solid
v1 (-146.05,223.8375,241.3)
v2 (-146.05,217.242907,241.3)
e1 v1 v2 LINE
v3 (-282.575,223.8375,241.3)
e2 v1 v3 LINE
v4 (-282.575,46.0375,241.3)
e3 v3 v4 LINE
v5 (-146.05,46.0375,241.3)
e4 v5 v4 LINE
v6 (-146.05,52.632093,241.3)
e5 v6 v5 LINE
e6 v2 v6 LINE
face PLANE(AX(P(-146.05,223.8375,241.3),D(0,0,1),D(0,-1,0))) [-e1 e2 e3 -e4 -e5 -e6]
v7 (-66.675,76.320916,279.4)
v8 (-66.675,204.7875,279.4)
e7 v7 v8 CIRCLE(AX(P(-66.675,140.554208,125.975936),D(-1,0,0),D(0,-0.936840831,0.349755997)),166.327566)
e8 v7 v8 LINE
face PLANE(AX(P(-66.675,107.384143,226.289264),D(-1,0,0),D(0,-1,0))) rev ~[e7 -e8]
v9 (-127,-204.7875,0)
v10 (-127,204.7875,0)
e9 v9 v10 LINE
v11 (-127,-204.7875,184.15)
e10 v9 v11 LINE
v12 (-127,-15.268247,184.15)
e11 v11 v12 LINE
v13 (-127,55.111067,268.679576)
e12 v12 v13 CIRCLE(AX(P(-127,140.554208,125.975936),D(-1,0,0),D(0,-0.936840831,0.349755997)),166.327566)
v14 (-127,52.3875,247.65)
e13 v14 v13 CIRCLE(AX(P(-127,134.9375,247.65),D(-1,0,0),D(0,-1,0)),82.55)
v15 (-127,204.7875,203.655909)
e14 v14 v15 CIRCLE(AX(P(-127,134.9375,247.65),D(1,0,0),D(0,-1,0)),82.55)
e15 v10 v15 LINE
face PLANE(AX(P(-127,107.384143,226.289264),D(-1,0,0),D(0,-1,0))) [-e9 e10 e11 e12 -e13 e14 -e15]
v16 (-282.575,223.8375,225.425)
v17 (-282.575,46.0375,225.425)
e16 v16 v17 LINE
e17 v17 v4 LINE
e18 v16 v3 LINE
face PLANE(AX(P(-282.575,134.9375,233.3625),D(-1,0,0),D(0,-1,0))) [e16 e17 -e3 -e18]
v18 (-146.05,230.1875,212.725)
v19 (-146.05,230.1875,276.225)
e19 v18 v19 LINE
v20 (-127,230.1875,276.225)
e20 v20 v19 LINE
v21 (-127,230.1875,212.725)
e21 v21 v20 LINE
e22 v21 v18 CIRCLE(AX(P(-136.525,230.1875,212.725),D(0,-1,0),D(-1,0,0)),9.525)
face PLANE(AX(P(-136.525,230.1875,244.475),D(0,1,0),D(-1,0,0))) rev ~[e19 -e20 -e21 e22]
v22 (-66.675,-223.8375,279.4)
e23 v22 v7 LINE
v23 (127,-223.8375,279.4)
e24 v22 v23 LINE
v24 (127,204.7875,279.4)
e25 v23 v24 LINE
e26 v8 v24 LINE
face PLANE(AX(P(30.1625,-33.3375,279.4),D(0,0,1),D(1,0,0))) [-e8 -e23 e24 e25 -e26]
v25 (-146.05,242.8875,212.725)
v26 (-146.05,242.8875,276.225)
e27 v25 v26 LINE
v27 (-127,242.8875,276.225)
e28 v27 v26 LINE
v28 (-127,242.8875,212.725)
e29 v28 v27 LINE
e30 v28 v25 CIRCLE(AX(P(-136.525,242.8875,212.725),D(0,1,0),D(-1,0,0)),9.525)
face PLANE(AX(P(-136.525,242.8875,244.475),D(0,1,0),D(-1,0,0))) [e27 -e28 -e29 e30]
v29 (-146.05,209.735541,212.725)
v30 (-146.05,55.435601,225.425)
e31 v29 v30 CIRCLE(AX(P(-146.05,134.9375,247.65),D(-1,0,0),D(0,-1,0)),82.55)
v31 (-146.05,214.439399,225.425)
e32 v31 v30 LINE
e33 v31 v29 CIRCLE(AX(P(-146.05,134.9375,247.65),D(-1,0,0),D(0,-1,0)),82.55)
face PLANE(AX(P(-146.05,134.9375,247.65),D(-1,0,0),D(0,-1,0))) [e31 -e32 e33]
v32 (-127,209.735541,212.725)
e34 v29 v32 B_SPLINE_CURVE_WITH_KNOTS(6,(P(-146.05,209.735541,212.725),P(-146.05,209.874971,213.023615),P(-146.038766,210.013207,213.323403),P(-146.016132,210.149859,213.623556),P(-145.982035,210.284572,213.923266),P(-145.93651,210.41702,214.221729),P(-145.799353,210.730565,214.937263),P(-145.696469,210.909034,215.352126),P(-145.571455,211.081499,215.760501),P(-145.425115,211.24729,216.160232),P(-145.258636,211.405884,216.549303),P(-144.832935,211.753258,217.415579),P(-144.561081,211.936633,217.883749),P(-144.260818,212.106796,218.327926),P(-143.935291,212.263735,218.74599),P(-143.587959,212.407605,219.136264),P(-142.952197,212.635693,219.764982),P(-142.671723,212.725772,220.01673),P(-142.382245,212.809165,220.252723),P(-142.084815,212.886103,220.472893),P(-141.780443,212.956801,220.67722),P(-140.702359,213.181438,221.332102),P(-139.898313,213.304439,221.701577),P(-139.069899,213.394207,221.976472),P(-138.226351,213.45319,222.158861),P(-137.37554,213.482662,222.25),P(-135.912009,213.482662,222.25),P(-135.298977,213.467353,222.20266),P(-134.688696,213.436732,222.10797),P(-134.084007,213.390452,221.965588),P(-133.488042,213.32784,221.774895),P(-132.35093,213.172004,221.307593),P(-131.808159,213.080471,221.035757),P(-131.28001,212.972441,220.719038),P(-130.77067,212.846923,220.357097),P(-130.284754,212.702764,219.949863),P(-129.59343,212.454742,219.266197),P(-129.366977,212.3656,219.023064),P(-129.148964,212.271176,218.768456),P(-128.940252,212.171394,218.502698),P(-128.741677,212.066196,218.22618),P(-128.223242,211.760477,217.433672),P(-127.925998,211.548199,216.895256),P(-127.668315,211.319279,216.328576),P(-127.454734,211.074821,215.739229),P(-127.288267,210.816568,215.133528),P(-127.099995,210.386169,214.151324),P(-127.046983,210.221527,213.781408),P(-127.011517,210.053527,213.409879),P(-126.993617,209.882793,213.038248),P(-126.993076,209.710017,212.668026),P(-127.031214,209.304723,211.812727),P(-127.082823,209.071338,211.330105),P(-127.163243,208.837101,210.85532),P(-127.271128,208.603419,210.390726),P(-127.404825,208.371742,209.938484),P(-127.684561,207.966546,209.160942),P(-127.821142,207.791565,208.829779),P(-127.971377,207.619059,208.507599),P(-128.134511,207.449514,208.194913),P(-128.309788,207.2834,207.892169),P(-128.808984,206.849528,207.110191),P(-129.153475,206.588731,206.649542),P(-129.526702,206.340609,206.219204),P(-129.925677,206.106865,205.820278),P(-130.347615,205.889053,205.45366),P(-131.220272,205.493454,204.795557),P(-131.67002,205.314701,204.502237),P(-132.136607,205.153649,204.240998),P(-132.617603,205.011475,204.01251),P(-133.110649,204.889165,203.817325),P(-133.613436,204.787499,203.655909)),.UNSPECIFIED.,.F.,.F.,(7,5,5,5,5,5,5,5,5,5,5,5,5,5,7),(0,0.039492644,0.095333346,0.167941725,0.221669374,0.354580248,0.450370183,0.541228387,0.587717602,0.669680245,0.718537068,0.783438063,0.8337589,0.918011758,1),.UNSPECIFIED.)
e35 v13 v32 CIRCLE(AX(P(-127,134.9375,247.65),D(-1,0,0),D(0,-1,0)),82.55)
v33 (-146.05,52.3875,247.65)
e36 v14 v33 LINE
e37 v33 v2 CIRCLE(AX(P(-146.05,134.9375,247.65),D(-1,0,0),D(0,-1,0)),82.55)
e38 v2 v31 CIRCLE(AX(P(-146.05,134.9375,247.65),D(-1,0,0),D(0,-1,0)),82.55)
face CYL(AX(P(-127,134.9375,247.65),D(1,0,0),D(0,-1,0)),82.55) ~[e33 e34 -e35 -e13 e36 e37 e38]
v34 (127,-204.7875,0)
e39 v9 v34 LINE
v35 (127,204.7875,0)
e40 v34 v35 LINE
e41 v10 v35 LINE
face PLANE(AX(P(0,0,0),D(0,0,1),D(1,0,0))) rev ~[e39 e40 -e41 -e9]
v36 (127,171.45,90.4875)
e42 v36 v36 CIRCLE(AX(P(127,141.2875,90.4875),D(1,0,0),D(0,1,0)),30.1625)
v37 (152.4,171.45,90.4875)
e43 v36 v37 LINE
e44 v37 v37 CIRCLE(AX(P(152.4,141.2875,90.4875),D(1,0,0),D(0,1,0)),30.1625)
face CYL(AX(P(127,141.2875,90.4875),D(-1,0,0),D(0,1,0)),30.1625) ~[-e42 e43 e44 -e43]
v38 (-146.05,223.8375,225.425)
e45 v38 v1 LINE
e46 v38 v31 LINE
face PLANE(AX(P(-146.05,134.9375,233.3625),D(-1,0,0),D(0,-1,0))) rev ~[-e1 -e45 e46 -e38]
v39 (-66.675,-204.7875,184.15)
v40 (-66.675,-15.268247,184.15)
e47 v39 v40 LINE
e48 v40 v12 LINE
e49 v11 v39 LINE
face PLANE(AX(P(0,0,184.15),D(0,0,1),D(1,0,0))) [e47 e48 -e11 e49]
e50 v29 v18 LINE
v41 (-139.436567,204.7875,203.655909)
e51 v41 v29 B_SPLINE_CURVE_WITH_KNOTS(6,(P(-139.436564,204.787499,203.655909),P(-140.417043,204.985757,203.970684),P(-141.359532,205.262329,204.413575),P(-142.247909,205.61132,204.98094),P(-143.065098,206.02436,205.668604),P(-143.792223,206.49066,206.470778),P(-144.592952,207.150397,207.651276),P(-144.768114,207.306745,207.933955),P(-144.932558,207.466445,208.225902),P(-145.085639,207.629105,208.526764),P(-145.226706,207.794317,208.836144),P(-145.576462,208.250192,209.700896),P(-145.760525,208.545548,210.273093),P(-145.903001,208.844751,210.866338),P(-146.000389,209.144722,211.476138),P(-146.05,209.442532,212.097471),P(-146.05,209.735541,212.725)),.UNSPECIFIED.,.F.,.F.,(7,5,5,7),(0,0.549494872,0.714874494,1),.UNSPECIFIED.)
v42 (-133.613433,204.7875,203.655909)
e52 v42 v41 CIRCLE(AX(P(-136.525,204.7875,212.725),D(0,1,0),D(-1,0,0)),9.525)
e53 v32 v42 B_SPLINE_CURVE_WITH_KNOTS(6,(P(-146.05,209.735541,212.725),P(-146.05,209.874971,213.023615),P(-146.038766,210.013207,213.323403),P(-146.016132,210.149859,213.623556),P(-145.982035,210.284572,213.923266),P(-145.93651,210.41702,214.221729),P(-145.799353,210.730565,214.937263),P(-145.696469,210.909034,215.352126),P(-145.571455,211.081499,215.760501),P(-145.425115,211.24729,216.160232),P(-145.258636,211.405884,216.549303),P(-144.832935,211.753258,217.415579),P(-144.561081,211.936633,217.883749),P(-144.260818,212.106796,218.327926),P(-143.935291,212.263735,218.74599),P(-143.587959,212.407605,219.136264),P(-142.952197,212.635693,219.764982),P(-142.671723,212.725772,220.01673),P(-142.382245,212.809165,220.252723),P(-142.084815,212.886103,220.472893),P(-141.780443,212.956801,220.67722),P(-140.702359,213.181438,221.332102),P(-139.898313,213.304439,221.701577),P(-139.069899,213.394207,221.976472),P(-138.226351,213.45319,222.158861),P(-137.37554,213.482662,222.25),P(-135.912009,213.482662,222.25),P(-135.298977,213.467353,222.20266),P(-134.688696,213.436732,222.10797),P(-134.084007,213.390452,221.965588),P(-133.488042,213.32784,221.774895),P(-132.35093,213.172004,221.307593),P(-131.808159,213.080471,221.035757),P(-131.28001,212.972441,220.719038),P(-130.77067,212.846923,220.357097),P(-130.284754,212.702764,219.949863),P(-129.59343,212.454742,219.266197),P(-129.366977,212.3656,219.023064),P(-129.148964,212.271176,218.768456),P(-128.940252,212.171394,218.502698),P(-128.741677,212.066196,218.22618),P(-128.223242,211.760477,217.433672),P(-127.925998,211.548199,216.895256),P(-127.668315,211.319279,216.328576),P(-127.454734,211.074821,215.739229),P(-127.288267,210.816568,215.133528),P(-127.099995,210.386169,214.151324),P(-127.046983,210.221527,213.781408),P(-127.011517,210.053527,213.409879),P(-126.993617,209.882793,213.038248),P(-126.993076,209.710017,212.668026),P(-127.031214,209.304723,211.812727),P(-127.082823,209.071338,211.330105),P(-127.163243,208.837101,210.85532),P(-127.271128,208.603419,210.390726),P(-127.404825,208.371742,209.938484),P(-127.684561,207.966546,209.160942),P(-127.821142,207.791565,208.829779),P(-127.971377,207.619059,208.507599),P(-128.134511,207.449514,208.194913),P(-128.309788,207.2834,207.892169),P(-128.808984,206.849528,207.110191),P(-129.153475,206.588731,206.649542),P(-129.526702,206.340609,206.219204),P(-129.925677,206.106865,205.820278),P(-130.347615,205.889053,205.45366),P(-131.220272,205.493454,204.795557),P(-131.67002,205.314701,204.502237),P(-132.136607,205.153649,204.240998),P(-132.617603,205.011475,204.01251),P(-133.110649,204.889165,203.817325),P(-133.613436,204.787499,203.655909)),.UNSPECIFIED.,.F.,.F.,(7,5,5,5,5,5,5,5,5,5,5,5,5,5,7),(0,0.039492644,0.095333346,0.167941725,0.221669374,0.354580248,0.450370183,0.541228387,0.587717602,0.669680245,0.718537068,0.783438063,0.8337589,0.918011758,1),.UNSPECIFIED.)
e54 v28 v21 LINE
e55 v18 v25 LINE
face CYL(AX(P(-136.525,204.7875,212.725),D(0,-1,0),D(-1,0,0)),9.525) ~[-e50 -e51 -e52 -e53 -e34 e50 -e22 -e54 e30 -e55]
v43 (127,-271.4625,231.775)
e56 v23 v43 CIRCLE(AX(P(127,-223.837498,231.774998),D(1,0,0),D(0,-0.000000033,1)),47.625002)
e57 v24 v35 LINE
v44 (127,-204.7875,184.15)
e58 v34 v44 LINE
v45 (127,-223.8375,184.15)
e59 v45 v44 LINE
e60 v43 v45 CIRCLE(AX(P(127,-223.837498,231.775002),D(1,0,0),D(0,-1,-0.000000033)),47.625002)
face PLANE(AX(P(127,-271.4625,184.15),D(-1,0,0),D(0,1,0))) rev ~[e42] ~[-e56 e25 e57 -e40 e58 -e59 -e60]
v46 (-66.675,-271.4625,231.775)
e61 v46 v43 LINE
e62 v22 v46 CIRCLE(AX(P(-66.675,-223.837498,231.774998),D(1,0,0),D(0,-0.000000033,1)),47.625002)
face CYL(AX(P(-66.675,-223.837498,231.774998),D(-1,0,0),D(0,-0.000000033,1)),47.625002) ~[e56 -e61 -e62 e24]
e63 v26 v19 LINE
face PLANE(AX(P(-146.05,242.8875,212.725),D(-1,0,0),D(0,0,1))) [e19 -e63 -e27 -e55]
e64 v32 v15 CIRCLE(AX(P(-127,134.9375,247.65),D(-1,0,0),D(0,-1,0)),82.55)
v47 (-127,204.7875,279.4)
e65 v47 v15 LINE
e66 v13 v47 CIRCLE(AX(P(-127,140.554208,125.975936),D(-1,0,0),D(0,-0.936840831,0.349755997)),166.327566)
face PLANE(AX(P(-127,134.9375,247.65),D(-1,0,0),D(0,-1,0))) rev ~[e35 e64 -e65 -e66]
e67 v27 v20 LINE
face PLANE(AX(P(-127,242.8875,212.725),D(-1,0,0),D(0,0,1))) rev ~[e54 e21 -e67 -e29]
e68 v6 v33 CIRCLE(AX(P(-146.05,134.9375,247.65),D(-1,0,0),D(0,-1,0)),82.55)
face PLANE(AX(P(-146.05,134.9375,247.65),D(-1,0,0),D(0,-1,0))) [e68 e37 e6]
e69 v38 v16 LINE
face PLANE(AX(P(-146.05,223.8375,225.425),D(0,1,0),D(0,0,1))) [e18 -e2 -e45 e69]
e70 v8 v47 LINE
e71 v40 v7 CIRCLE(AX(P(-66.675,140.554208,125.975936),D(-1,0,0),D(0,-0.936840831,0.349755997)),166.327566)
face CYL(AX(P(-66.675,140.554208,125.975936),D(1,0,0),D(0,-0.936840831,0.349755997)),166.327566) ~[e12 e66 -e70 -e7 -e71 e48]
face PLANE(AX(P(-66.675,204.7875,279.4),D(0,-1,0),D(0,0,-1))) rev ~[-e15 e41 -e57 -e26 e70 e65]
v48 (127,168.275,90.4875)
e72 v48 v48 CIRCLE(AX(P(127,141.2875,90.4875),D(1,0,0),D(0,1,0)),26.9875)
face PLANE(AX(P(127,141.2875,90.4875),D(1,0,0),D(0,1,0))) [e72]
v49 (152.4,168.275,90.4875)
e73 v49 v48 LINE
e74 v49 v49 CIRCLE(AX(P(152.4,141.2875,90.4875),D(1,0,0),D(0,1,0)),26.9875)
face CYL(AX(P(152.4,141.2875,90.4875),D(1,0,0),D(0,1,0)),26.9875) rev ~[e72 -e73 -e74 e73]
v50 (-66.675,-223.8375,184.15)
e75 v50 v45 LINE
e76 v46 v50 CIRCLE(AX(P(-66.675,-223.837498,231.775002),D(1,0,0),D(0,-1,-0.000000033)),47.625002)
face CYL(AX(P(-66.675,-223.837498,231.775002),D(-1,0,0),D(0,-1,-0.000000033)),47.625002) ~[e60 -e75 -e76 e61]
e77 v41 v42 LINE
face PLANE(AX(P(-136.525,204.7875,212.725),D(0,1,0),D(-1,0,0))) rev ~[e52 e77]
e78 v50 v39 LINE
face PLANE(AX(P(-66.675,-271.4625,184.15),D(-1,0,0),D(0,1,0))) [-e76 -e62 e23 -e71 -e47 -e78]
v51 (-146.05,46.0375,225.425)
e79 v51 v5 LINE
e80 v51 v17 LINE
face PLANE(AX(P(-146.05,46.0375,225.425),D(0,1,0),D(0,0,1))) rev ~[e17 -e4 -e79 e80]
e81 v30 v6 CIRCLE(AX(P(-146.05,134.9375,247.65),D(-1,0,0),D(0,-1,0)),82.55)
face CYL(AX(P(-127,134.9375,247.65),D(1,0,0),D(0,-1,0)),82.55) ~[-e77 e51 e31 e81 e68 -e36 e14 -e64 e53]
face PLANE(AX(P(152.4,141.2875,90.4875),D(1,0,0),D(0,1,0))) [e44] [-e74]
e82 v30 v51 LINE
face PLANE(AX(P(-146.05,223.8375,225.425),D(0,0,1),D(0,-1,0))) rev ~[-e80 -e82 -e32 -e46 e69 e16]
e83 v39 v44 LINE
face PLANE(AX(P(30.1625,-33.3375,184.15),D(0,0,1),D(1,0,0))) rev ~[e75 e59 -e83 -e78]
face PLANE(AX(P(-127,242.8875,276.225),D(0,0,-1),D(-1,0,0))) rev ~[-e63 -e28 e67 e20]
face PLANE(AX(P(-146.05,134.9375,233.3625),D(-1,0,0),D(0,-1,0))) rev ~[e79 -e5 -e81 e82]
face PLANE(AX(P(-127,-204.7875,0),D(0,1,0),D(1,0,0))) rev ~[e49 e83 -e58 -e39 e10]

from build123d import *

# Parameters (mm, degrees)
F0_W      = 254
F0_H      = 409.575
F1_DEPTH  = 184.15
F2_W      = 193.675
F2_H      = 476.25
F3_DEPTH  = 95.25
F5_R      = 30.1625
F6_DEPTH  = 25.4
F7_R      = 26.9875
F8_DEPTH  = 25.4
F9_R      = 82.55
F10_DEPTH = 19.05
F11_W     = 177.8
F11_H     = 15.875
F12_DEPTH = 136.525
F14_DEPTH = 60.325
F16_DEPTH = 193.675
F17_R     = 9.525
F18_DEPTH = 38.1
F19_W     = 19.05
F19_H     = 63.5
F20_DEPTH = 12.7


with BuildPart() as f1:
    # F0 (on Top) → F1 (new body)
    with BuildSketch(Plane.XY):
        Rectangle(F0_W, F0_H)
    extrude(amount=F1_DEPTH)

    # F2 (on face) → F3 (join)
    with BuildSketch(Plane.XY.offset(184.15)):
        with Locations((30.1625, -33.3375)):
            Rectangle(F2_W, F2_H)
    extrude(amount=F3_DEPTH)

    # F5 (on face) → F6 (join)
    with BuildSketch(Plane.YZ.offset(127)):
        with Locations((141.2875, 90.4875)):
            Circle(F5_R)
    extrude(amount=F6_DEPTH)

    # F7 (on face) → F8 (cut)
    with BuildSketch(Plane.YZ.offset(152.4)):
        with Locations((141.2875, 90.4875)):
            Circle(F7_R)
    extrude(amount=-F8_DEPTH, mode=Mode.SUBTRACT)

    # F9 (on face) → F10 (join)
    with BuildSketch(Plane(origin=(-127, 0, 0), x_dir=(0, -1, 0), z_dir=(-1, 0, 0))):
        with Locations((-134.9375, 247.65)):
            Circle(F9_R)
    extrude(amount=F10_DEPTH)

    # F11 (on face) → F12 (join)
    with BuildSketch(Plane(origin=(-146.05, 0, 0), x_dir=(0, -1, 0), z_dir=(-1, 0, 0))):
        with Locations((-134.9375, 233.3625)):
            Rectangle(F11_W, F11_H)
    extrude(amount=F12_DEPTH)

    # F13 (on face) → F14 (join, through all)
    with BuildSketch(Plane(origin=(-66.675, 0, 0), x_dir=(0, -1, 0), z_dir=(-1, 0, 0))):
        with BuildLine():
            Line((-204.7875, 279.4), (-204.7875, 184.15))
            Line((-204.7875, 184.15), (15.268247, 184.15))
            ThreePointArc((15.268247, 184.15), (-74.48391, 278.617919), (-204.7875, 279.4))
        make_face()
    extrude(amount=F14_DEPTH)

    # F15 (on face) → F16 (cut, through all)
    with BuildSketch(Plane(origin=(-66.675, 0, 0), x_dir=(0, -1, 0), z_dir=(-1, 0, 0))):
        with BuildLine():
            ThreePointArc((223.8375, 279.4), (257.51346, 265.45096), (271.4625, 231.775))
            Line((271.4625, 231.775), (271.4625, 279.4))
            Line((271.4625, 279.4), (223.8375, 279.4))
        make_face()
        with BuildLine():
            ThreePointArc((271.4625, 231.775), (257.51346, 198.09904), (223.8375, 184.15))
            Line((223.8375, 184.15), (271.4625, 184.15))
            Line((271.4625, 184.15), (271.4625, 231.775))
        make_face()
    extrude(amount=-F16_DEPTH, mode=Mode.SUBTRACT)

    # F17 (on face) → F18 (join)
    with BuildSketch(Plane(origin=(0, 204.7875, 0), x_dir=(-1, 0, 0), z_dir=(0, 1, 0))):
        with Locations((136.525, 212.725)):
            Circle(F17_R)
    extrude(amount=F18_DEPTH)

    # F19 (on face) → F20 (join)
    with BuildSketch(Plane(origin=(0, 242.8875, 0), x_dir=(-1, 0, 0), z_dir=(0, 1, 0))):
        with Locations((136.525, 244.475)):
            Rectangle(F19_W, F19_H)
    extrude(amount=-F20_DEPTH)


solid = f1.part
